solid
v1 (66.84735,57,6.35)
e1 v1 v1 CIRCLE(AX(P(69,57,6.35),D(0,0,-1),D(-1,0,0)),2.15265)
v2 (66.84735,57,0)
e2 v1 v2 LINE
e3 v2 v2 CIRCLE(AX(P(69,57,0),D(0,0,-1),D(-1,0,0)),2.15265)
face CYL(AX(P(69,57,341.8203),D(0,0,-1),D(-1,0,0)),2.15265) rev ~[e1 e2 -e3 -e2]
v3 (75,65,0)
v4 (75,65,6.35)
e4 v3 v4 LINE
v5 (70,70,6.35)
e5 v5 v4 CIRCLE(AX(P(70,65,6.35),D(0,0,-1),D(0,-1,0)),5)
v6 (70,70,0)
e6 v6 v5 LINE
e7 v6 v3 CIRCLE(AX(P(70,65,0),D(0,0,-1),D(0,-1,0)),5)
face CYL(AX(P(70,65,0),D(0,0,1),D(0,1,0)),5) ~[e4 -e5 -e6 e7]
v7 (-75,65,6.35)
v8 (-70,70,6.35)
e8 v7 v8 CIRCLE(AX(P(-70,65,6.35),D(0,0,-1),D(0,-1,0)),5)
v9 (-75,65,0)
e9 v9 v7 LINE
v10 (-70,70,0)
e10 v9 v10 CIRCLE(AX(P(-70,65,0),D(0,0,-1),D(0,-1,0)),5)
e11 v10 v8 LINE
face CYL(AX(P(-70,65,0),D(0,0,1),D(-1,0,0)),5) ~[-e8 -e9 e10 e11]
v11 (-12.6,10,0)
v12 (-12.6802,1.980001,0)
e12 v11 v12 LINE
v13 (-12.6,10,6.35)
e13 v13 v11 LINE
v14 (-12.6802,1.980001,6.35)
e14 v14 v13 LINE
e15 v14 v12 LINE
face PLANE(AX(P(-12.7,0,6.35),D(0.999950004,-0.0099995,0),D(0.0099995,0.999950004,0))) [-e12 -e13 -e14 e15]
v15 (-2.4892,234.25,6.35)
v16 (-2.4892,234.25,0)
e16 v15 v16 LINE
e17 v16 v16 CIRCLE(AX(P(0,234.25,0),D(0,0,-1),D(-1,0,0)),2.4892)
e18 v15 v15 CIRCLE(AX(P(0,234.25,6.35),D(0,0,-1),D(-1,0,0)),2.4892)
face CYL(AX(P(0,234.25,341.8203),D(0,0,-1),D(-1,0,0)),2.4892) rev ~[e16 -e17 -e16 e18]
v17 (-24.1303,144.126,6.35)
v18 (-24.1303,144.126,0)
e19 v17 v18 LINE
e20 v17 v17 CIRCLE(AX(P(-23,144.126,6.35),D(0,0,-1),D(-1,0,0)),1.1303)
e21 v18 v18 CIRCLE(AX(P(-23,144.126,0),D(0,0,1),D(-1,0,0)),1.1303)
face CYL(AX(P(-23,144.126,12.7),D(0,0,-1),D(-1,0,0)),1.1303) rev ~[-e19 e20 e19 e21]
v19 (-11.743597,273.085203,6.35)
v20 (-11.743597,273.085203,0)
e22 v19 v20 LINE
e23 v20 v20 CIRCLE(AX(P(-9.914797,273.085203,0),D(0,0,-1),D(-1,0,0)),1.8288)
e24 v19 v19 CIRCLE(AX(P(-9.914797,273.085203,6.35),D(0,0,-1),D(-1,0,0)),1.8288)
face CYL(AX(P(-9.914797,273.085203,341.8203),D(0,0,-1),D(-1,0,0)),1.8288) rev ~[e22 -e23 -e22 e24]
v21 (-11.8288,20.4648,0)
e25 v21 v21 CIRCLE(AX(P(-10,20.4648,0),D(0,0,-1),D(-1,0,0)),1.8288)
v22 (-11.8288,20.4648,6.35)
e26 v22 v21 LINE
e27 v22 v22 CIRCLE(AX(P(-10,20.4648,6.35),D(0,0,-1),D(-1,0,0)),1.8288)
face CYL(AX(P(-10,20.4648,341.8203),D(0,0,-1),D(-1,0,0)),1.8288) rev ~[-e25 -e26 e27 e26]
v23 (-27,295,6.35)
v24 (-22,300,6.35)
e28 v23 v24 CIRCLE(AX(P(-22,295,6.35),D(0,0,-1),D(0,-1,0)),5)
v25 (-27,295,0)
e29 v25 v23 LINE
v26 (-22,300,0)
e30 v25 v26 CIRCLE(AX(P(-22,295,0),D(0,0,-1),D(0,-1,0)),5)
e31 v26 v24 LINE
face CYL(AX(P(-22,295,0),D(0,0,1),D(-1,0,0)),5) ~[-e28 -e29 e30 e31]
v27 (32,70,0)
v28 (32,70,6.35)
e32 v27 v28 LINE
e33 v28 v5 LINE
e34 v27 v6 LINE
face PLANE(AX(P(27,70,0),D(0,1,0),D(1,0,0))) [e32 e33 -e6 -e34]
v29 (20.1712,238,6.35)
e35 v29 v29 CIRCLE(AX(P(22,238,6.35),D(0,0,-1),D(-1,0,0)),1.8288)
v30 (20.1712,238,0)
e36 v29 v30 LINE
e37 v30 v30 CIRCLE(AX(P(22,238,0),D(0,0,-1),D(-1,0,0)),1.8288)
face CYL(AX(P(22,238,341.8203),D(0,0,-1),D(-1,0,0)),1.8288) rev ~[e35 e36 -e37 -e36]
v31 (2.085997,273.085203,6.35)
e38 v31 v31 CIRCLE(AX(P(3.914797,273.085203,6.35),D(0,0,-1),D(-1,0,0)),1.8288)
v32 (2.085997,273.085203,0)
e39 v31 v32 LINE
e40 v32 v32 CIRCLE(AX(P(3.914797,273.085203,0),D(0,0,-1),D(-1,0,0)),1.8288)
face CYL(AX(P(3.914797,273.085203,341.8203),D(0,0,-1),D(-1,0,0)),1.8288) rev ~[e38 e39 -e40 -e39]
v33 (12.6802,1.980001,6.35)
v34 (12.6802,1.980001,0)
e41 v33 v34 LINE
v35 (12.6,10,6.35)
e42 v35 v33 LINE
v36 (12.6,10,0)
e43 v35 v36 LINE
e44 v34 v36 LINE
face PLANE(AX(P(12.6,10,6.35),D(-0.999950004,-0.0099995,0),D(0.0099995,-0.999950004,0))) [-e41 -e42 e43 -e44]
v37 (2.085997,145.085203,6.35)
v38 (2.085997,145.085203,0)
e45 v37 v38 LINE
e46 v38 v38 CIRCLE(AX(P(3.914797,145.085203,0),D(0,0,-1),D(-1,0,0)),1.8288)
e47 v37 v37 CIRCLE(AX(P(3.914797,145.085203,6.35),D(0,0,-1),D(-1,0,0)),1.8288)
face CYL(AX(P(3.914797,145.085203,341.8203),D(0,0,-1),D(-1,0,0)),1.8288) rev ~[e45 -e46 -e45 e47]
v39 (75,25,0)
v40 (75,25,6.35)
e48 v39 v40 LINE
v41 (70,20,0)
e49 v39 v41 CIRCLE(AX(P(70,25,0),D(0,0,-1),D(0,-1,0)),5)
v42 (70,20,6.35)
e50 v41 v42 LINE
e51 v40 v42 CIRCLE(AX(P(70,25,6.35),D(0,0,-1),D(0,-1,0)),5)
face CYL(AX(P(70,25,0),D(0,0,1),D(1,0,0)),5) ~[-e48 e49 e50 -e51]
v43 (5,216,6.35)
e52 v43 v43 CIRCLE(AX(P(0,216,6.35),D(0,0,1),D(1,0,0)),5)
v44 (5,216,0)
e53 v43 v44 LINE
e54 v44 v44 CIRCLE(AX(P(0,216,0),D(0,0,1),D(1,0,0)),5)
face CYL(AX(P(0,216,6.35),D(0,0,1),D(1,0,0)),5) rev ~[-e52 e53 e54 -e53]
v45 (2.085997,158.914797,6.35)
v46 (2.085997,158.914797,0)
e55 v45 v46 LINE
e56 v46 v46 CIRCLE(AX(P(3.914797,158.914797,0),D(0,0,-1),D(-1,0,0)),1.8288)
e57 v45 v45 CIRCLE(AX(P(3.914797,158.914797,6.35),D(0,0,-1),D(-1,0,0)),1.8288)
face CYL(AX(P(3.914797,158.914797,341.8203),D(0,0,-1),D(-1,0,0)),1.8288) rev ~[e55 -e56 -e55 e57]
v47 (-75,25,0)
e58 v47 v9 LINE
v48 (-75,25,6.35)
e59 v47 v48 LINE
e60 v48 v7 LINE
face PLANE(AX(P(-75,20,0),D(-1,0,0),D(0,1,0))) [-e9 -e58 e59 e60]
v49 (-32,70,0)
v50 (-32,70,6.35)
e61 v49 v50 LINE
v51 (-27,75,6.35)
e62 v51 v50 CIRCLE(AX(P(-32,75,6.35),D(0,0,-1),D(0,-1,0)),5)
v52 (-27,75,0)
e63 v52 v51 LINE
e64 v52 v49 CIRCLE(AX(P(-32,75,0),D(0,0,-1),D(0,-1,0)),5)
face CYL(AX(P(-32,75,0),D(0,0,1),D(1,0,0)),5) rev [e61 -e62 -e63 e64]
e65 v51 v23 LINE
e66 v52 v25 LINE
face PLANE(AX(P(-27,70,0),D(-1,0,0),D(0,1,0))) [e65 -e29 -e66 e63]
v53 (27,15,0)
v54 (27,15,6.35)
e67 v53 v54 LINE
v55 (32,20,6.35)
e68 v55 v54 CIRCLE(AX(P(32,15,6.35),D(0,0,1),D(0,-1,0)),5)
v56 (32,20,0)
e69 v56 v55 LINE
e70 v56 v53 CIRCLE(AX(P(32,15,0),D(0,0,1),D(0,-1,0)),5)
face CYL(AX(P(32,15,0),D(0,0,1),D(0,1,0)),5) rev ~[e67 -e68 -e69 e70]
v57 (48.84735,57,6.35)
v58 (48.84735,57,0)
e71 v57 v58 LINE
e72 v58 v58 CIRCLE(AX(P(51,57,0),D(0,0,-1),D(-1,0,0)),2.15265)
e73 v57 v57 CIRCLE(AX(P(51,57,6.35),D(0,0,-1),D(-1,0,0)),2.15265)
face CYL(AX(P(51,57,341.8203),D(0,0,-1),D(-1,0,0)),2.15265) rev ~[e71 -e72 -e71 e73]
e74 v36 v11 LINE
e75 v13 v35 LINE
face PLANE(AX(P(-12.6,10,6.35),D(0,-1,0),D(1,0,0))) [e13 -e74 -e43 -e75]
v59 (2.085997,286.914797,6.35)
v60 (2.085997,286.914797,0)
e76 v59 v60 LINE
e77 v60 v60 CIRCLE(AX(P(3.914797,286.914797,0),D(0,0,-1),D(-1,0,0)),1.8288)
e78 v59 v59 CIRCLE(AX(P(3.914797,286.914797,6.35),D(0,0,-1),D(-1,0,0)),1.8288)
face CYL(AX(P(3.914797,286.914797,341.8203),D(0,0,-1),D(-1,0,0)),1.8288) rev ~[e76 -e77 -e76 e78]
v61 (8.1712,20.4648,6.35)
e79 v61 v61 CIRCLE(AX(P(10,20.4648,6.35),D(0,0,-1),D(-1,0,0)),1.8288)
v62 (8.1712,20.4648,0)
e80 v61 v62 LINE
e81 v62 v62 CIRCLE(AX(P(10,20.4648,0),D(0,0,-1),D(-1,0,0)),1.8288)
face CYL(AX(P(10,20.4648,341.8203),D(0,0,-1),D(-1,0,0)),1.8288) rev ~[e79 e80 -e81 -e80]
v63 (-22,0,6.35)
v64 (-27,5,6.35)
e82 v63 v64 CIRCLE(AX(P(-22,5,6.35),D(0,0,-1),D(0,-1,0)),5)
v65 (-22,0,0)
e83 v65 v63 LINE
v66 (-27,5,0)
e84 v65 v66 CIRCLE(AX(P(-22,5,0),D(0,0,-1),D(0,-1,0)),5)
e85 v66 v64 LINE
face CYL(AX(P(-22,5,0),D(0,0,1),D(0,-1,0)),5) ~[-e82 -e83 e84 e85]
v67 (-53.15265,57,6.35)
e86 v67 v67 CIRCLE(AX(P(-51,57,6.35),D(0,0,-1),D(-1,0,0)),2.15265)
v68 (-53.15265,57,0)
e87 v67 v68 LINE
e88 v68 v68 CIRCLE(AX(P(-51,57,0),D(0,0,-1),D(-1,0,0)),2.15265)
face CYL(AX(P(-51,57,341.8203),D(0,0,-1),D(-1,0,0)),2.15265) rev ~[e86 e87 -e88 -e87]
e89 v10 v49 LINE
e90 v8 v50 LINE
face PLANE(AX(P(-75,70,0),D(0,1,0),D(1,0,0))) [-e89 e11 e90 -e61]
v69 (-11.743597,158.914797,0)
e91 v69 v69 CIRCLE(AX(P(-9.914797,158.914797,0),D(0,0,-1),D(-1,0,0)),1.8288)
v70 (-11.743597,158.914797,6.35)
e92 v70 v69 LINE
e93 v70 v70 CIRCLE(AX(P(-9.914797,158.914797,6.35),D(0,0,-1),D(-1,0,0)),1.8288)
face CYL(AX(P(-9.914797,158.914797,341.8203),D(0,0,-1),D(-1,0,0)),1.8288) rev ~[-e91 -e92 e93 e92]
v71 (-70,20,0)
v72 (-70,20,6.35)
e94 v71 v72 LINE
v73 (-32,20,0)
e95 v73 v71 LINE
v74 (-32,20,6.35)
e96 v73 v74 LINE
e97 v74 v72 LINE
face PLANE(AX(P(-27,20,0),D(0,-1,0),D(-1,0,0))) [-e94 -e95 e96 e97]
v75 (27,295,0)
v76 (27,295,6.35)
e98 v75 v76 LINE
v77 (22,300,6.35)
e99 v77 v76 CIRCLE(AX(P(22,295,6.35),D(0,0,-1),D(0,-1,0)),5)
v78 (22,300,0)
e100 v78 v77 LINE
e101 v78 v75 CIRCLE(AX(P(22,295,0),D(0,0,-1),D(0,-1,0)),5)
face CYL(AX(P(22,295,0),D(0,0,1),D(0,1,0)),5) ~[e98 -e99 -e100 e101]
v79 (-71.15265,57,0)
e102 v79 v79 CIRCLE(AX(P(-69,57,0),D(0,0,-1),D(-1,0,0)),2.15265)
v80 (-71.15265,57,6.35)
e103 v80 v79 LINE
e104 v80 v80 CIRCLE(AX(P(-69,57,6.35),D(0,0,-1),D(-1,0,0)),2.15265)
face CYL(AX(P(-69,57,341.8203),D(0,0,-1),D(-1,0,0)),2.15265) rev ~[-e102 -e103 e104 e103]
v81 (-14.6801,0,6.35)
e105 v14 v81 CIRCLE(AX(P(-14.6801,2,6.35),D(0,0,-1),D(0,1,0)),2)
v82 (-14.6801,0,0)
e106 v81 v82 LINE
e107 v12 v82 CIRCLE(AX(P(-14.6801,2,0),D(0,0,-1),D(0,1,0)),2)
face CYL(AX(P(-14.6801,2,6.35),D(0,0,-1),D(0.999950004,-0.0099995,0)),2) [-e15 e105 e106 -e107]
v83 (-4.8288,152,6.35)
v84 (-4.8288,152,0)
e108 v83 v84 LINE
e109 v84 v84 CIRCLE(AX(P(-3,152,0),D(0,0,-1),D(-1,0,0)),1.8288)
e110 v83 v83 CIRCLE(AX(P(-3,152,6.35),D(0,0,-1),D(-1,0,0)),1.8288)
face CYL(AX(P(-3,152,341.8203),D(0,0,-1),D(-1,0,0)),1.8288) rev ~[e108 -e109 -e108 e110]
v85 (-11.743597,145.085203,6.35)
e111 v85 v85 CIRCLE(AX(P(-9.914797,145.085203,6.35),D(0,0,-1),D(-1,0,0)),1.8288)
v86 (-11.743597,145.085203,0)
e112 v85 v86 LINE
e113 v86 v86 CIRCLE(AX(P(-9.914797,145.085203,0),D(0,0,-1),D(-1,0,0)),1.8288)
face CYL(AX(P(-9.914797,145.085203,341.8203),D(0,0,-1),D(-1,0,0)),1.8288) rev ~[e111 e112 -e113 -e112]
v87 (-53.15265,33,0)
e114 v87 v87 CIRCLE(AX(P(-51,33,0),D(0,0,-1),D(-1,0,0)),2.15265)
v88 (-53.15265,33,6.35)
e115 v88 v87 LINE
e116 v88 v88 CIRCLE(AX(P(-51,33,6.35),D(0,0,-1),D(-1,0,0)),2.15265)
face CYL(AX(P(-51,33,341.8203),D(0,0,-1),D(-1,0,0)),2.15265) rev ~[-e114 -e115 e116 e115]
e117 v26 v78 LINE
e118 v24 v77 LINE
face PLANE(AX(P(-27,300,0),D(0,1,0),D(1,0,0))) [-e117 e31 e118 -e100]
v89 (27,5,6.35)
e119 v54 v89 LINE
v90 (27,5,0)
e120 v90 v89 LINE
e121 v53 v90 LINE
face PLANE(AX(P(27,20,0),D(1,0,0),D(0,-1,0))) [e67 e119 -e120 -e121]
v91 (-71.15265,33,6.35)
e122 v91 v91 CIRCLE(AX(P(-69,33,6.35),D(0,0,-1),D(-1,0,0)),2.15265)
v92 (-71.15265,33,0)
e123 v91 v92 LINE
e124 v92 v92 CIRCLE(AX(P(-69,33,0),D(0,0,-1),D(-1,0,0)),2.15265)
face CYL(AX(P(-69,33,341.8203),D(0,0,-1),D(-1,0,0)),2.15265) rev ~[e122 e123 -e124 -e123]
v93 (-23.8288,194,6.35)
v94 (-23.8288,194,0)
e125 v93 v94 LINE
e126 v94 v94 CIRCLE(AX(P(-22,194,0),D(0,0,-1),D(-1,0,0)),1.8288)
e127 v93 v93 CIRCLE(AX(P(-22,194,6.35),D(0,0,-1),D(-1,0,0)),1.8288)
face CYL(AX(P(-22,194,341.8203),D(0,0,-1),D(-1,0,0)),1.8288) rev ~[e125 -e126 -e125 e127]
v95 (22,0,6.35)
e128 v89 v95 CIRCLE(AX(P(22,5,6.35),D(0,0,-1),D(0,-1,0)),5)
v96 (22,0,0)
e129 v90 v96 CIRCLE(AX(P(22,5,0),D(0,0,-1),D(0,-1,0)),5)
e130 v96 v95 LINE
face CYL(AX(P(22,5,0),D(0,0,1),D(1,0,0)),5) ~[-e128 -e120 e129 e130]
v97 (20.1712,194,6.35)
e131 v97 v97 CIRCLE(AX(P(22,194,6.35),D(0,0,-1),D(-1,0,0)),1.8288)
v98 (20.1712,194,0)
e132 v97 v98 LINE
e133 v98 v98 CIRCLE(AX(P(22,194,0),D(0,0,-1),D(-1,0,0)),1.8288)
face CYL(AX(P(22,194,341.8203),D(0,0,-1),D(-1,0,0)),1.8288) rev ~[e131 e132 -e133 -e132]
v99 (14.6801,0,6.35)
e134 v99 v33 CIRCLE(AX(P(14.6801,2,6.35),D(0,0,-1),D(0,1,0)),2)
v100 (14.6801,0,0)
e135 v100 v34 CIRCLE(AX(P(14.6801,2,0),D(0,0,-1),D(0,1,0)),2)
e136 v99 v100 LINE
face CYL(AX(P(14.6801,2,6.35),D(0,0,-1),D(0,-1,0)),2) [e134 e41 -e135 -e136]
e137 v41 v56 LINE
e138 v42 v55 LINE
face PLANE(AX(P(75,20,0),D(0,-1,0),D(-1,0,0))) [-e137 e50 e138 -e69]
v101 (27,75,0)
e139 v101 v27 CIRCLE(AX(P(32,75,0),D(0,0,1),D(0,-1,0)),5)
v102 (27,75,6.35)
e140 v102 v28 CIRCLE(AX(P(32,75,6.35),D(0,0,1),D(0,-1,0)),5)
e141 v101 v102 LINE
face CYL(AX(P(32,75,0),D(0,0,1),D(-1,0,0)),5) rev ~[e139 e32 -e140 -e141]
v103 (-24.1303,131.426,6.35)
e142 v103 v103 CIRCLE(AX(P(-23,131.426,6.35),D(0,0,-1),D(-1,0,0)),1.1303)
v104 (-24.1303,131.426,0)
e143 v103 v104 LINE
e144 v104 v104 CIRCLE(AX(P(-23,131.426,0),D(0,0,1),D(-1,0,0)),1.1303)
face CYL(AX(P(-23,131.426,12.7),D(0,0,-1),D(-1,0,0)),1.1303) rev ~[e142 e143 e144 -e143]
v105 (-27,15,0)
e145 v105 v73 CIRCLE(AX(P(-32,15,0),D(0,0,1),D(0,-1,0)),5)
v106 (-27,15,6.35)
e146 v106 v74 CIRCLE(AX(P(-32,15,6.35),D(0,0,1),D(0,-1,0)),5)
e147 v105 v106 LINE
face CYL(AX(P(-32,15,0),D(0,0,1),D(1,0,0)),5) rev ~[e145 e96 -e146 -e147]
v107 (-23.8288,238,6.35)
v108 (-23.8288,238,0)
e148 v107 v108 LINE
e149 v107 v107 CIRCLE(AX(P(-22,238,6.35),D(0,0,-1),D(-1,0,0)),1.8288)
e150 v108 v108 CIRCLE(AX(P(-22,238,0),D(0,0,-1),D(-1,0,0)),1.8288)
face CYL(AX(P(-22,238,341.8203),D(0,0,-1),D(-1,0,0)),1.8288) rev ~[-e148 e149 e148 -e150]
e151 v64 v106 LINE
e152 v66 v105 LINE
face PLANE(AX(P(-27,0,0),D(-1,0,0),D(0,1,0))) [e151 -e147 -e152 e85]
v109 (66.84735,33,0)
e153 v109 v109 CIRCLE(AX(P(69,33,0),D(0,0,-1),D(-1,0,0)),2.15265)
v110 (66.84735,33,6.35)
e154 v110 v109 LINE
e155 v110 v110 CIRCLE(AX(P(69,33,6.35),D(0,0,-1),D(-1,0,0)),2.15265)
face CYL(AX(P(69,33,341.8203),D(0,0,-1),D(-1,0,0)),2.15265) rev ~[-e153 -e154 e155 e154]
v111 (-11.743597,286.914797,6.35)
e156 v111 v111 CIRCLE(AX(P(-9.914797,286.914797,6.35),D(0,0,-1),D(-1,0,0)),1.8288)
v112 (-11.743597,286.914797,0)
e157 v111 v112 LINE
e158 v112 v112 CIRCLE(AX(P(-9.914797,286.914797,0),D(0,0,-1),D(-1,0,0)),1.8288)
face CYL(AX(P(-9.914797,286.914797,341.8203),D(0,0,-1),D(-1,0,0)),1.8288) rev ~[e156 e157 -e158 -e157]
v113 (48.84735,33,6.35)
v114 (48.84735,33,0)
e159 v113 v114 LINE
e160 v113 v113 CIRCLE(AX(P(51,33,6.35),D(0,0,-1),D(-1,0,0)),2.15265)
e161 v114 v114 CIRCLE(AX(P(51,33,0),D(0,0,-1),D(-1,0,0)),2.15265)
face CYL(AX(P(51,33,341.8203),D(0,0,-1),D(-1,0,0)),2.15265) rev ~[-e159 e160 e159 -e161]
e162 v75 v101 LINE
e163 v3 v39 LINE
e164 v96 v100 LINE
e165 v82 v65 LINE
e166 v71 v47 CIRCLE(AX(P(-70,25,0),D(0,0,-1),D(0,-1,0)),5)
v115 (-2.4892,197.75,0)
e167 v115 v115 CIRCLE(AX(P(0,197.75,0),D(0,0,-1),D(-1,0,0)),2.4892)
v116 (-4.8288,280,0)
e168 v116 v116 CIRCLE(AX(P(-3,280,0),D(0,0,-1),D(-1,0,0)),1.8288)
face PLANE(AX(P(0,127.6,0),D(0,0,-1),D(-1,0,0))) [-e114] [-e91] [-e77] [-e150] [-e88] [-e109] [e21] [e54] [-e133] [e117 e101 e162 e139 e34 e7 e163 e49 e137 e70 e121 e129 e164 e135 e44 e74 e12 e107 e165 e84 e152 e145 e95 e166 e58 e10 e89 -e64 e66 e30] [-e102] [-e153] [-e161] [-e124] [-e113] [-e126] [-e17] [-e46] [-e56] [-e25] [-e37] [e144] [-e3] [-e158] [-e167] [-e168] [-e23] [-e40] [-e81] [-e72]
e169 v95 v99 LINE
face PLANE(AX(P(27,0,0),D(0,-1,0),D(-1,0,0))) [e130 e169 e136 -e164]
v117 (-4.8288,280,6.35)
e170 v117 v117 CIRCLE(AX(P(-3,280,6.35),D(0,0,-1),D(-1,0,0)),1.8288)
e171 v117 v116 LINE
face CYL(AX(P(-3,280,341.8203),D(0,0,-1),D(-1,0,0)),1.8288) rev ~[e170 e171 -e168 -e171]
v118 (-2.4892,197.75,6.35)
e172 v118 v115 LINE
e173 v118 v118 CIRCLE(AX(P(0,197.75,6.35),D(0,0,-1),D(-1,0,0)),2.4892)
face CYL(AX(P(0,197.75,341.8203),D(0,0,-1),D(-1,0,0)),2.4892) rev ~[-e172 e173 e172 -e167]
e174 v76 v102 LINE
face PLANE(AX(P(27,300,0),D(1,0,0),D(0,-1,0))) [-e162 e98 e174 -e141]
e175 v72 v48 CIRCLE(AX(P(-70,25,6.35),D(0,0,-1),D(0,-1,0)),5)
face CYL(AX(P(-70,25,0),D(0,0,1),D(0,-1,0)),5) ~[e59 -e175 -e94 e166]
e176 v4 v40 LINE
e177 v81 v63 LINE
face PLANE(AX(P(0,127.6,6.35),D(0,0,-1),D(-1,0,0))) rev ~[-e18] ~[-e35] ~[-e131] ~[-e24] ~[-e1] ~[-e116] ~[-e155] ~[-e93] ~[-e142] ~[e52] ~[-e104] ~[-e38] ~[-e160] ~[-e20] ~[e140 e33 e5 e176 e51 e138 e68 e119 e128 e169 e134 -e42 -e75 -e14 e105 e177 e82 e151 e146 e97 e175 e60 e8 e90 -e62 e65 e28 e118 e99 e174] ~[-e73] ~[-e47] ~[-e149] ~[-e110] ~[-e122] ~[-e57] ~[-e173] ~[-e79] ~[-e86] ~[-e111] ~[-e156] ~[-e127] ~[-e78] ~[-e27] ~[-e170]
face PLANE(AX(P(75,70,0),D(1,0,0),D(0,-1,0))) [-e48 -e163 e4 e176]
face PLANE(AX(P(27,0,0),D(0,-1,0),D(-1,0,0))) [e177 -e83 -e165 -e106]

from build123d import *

# Parameters (mm, degrees)
BOSS_EXTRUDE1_DEPTH           = 6.35
FILLET1_R                     = 5
SKETCH3_R                     = 5
CUT_EXTRUDE1_DEPTH            = 7.35
F_6_CLEARANCE_HOLE1_D         = 3.6576
CUT_EXTRUDE2_DEPTH            = 7.35
F_10_CLEARANCE_HOLE2_D        = 4.9784
F_6_CLEARANCE_HOLE2_D         = 3.6576
F_8_CLEARANCE_HOLE1_D         = 4.3053
TAP_DRILL_FOR_4_40_TAP1_D     = 2.2606
TAP_DRILL_FOR_4_40_TAP1_DEPTH = 6.35
TAP_DRILL_FOR_4_40_TAP1_TIP   = 0.679152758
FILLET2_R                     = 2


with BuildPart() as part:
    # Sketch1 → Boss-Extrude1 (new body)
    with BuildSketch(Plane.XY):
        Polygon((-27, 70), (-27, 300), (27, 300), (27, 70), (75, 70), (75, 20), (27, 20), (27, 0), (-27, 0), (-27, 20), (-75, 20), (-75, 70), align=None)
    extrude(amount=BOSS_EXTRUDE1_DEPTH)

    # Fillet1
    fillet1_edges = [part.edges().sort_by_distance(p)[0] for p in [
        (-75, 70, 3.175),
        (-27, 70, 3.175),
        (-27, 300, 3.175),
        (27, 300, 3.175),
        (27, 70, 3.175),
        (75, 70, 3.175),
        (75, 20, 3.175),
        (27, 20, 3.175),
        (27, 0, 3.175),
        (-27, 0, 3.175),
        (-27, 20, 3.175),
        (-75, 20, 3.175),
    ]]
    fillet(fillet1_edges, radius=FILLET1_R)

    # Sketch3 → Cut-Extrude1 (cut, through all)
    with BuildSketch(Plane.XY.offset(6.35)):
        with Locations((0, 216)):
            Circle(SKETCH3_R)
    extrude(amount=-CUT_EXTRUDE1_DEPTH, mode=Mode.SUBTRACT)

    # #6 Clearance Hole1 (through all)
    with Locations(Plane.XY.offset(6.35)):
        with Locations((-22, 238), (-22, 194), (22, 194), (22, 238), (-9.914797213, 273.085202787), (-9.914797213, 286.914797213), (3.914797213, 286.914797213), (3.914797213, 273.085202787), (-9.914797213, 158.914797213), (3.914797213, 158.914797213), (3.914797213, 145.085202787), (-9.914797213, 145.085202787), (-3, 280), (-3, 152)):
            Hole(F_6_CLEARANCE_HOLE1_D / 2)

    # Sketch6 → Cut-Extrude2 (cut, through all)
    with BuildSketch(Plane.XY.offset(6.35)):
        Polygon((-12.7, 0), (-12.6, 10), (12.6, 10), (12.7, 0), align=None)
    extrude(amount=-CUT_EXTRUDE2_DEPTH, mode=Mode.SUBTRACT)

    # #10 Clearance Hole2 (through all)
    with Locations(Plane.XY.offset(6.35)):
        with Locations((0, 197.75), (0, 234.25)):
            Hole(F_10_CLEARANCE_HOLE2_D / 2)

    # #6 Clearance Hole2 (through all)
    with Locations(Plane(origin=(-10, 20.4648, 6.35), x_dir=(1, 0, 0), z_dir=(0, 0, 1))):
        with Locations((0, 0), (20, 0)):
            Hole(F_6_CLEARANCE_HOLE2_D / 2)

    # #8 Clearance Hole1 (through all)
    with Locations(Plane(origin=(51, 57, 6.35), x_dir=(1, 0, 0), z_dir=(0, 0, 1))):
        with Locations((0, 0), (18, 0), (18, -24), (0, -24), (-102, 0), (-120, 0), (-120, -24), (-102, -24)):
            Hole(F_8_CLEARANCE_HOLE1_D / 2)

    # Tap Drill for #4-40 Tap1
    with Locations(Plane(origin=(-23, 131.426, 6.35), x_dir=(1, 0, 0), z_dir=(0, 0, 1))):
        with Locations((0, 0), (0, 12.7)):
            Hole(TAP_DRILL_FOR_4_40_TAP1_D / 2, depth=TAP_DRILL_FOR_4_40_TAP1_DEPTH)
            with Locations((0, 0, -(TAP_DRILL_FOR_4_40_TAP1_DEPTH + TAP_DRILL_FOR_4_40_TAP1_TIP / 2))):  # 118° drill point
                Cone(0, TAP_DRILL_FOR_4_40_TAP1_D / 2, TAP_DRILL_FOR_4_40_TAP1_TIP, mode=Mode.SUBTRACT)

    # Fillet2
    fillet2_edges = [part.edges().sort_by_distance(p)[0] for p in [
        (12.7, 0, 3.175),
        (-12.7, 0, 3.175),
    ]]
    fillet(fillet2_edges, radius=FILLET2_R)


solid = part.part
